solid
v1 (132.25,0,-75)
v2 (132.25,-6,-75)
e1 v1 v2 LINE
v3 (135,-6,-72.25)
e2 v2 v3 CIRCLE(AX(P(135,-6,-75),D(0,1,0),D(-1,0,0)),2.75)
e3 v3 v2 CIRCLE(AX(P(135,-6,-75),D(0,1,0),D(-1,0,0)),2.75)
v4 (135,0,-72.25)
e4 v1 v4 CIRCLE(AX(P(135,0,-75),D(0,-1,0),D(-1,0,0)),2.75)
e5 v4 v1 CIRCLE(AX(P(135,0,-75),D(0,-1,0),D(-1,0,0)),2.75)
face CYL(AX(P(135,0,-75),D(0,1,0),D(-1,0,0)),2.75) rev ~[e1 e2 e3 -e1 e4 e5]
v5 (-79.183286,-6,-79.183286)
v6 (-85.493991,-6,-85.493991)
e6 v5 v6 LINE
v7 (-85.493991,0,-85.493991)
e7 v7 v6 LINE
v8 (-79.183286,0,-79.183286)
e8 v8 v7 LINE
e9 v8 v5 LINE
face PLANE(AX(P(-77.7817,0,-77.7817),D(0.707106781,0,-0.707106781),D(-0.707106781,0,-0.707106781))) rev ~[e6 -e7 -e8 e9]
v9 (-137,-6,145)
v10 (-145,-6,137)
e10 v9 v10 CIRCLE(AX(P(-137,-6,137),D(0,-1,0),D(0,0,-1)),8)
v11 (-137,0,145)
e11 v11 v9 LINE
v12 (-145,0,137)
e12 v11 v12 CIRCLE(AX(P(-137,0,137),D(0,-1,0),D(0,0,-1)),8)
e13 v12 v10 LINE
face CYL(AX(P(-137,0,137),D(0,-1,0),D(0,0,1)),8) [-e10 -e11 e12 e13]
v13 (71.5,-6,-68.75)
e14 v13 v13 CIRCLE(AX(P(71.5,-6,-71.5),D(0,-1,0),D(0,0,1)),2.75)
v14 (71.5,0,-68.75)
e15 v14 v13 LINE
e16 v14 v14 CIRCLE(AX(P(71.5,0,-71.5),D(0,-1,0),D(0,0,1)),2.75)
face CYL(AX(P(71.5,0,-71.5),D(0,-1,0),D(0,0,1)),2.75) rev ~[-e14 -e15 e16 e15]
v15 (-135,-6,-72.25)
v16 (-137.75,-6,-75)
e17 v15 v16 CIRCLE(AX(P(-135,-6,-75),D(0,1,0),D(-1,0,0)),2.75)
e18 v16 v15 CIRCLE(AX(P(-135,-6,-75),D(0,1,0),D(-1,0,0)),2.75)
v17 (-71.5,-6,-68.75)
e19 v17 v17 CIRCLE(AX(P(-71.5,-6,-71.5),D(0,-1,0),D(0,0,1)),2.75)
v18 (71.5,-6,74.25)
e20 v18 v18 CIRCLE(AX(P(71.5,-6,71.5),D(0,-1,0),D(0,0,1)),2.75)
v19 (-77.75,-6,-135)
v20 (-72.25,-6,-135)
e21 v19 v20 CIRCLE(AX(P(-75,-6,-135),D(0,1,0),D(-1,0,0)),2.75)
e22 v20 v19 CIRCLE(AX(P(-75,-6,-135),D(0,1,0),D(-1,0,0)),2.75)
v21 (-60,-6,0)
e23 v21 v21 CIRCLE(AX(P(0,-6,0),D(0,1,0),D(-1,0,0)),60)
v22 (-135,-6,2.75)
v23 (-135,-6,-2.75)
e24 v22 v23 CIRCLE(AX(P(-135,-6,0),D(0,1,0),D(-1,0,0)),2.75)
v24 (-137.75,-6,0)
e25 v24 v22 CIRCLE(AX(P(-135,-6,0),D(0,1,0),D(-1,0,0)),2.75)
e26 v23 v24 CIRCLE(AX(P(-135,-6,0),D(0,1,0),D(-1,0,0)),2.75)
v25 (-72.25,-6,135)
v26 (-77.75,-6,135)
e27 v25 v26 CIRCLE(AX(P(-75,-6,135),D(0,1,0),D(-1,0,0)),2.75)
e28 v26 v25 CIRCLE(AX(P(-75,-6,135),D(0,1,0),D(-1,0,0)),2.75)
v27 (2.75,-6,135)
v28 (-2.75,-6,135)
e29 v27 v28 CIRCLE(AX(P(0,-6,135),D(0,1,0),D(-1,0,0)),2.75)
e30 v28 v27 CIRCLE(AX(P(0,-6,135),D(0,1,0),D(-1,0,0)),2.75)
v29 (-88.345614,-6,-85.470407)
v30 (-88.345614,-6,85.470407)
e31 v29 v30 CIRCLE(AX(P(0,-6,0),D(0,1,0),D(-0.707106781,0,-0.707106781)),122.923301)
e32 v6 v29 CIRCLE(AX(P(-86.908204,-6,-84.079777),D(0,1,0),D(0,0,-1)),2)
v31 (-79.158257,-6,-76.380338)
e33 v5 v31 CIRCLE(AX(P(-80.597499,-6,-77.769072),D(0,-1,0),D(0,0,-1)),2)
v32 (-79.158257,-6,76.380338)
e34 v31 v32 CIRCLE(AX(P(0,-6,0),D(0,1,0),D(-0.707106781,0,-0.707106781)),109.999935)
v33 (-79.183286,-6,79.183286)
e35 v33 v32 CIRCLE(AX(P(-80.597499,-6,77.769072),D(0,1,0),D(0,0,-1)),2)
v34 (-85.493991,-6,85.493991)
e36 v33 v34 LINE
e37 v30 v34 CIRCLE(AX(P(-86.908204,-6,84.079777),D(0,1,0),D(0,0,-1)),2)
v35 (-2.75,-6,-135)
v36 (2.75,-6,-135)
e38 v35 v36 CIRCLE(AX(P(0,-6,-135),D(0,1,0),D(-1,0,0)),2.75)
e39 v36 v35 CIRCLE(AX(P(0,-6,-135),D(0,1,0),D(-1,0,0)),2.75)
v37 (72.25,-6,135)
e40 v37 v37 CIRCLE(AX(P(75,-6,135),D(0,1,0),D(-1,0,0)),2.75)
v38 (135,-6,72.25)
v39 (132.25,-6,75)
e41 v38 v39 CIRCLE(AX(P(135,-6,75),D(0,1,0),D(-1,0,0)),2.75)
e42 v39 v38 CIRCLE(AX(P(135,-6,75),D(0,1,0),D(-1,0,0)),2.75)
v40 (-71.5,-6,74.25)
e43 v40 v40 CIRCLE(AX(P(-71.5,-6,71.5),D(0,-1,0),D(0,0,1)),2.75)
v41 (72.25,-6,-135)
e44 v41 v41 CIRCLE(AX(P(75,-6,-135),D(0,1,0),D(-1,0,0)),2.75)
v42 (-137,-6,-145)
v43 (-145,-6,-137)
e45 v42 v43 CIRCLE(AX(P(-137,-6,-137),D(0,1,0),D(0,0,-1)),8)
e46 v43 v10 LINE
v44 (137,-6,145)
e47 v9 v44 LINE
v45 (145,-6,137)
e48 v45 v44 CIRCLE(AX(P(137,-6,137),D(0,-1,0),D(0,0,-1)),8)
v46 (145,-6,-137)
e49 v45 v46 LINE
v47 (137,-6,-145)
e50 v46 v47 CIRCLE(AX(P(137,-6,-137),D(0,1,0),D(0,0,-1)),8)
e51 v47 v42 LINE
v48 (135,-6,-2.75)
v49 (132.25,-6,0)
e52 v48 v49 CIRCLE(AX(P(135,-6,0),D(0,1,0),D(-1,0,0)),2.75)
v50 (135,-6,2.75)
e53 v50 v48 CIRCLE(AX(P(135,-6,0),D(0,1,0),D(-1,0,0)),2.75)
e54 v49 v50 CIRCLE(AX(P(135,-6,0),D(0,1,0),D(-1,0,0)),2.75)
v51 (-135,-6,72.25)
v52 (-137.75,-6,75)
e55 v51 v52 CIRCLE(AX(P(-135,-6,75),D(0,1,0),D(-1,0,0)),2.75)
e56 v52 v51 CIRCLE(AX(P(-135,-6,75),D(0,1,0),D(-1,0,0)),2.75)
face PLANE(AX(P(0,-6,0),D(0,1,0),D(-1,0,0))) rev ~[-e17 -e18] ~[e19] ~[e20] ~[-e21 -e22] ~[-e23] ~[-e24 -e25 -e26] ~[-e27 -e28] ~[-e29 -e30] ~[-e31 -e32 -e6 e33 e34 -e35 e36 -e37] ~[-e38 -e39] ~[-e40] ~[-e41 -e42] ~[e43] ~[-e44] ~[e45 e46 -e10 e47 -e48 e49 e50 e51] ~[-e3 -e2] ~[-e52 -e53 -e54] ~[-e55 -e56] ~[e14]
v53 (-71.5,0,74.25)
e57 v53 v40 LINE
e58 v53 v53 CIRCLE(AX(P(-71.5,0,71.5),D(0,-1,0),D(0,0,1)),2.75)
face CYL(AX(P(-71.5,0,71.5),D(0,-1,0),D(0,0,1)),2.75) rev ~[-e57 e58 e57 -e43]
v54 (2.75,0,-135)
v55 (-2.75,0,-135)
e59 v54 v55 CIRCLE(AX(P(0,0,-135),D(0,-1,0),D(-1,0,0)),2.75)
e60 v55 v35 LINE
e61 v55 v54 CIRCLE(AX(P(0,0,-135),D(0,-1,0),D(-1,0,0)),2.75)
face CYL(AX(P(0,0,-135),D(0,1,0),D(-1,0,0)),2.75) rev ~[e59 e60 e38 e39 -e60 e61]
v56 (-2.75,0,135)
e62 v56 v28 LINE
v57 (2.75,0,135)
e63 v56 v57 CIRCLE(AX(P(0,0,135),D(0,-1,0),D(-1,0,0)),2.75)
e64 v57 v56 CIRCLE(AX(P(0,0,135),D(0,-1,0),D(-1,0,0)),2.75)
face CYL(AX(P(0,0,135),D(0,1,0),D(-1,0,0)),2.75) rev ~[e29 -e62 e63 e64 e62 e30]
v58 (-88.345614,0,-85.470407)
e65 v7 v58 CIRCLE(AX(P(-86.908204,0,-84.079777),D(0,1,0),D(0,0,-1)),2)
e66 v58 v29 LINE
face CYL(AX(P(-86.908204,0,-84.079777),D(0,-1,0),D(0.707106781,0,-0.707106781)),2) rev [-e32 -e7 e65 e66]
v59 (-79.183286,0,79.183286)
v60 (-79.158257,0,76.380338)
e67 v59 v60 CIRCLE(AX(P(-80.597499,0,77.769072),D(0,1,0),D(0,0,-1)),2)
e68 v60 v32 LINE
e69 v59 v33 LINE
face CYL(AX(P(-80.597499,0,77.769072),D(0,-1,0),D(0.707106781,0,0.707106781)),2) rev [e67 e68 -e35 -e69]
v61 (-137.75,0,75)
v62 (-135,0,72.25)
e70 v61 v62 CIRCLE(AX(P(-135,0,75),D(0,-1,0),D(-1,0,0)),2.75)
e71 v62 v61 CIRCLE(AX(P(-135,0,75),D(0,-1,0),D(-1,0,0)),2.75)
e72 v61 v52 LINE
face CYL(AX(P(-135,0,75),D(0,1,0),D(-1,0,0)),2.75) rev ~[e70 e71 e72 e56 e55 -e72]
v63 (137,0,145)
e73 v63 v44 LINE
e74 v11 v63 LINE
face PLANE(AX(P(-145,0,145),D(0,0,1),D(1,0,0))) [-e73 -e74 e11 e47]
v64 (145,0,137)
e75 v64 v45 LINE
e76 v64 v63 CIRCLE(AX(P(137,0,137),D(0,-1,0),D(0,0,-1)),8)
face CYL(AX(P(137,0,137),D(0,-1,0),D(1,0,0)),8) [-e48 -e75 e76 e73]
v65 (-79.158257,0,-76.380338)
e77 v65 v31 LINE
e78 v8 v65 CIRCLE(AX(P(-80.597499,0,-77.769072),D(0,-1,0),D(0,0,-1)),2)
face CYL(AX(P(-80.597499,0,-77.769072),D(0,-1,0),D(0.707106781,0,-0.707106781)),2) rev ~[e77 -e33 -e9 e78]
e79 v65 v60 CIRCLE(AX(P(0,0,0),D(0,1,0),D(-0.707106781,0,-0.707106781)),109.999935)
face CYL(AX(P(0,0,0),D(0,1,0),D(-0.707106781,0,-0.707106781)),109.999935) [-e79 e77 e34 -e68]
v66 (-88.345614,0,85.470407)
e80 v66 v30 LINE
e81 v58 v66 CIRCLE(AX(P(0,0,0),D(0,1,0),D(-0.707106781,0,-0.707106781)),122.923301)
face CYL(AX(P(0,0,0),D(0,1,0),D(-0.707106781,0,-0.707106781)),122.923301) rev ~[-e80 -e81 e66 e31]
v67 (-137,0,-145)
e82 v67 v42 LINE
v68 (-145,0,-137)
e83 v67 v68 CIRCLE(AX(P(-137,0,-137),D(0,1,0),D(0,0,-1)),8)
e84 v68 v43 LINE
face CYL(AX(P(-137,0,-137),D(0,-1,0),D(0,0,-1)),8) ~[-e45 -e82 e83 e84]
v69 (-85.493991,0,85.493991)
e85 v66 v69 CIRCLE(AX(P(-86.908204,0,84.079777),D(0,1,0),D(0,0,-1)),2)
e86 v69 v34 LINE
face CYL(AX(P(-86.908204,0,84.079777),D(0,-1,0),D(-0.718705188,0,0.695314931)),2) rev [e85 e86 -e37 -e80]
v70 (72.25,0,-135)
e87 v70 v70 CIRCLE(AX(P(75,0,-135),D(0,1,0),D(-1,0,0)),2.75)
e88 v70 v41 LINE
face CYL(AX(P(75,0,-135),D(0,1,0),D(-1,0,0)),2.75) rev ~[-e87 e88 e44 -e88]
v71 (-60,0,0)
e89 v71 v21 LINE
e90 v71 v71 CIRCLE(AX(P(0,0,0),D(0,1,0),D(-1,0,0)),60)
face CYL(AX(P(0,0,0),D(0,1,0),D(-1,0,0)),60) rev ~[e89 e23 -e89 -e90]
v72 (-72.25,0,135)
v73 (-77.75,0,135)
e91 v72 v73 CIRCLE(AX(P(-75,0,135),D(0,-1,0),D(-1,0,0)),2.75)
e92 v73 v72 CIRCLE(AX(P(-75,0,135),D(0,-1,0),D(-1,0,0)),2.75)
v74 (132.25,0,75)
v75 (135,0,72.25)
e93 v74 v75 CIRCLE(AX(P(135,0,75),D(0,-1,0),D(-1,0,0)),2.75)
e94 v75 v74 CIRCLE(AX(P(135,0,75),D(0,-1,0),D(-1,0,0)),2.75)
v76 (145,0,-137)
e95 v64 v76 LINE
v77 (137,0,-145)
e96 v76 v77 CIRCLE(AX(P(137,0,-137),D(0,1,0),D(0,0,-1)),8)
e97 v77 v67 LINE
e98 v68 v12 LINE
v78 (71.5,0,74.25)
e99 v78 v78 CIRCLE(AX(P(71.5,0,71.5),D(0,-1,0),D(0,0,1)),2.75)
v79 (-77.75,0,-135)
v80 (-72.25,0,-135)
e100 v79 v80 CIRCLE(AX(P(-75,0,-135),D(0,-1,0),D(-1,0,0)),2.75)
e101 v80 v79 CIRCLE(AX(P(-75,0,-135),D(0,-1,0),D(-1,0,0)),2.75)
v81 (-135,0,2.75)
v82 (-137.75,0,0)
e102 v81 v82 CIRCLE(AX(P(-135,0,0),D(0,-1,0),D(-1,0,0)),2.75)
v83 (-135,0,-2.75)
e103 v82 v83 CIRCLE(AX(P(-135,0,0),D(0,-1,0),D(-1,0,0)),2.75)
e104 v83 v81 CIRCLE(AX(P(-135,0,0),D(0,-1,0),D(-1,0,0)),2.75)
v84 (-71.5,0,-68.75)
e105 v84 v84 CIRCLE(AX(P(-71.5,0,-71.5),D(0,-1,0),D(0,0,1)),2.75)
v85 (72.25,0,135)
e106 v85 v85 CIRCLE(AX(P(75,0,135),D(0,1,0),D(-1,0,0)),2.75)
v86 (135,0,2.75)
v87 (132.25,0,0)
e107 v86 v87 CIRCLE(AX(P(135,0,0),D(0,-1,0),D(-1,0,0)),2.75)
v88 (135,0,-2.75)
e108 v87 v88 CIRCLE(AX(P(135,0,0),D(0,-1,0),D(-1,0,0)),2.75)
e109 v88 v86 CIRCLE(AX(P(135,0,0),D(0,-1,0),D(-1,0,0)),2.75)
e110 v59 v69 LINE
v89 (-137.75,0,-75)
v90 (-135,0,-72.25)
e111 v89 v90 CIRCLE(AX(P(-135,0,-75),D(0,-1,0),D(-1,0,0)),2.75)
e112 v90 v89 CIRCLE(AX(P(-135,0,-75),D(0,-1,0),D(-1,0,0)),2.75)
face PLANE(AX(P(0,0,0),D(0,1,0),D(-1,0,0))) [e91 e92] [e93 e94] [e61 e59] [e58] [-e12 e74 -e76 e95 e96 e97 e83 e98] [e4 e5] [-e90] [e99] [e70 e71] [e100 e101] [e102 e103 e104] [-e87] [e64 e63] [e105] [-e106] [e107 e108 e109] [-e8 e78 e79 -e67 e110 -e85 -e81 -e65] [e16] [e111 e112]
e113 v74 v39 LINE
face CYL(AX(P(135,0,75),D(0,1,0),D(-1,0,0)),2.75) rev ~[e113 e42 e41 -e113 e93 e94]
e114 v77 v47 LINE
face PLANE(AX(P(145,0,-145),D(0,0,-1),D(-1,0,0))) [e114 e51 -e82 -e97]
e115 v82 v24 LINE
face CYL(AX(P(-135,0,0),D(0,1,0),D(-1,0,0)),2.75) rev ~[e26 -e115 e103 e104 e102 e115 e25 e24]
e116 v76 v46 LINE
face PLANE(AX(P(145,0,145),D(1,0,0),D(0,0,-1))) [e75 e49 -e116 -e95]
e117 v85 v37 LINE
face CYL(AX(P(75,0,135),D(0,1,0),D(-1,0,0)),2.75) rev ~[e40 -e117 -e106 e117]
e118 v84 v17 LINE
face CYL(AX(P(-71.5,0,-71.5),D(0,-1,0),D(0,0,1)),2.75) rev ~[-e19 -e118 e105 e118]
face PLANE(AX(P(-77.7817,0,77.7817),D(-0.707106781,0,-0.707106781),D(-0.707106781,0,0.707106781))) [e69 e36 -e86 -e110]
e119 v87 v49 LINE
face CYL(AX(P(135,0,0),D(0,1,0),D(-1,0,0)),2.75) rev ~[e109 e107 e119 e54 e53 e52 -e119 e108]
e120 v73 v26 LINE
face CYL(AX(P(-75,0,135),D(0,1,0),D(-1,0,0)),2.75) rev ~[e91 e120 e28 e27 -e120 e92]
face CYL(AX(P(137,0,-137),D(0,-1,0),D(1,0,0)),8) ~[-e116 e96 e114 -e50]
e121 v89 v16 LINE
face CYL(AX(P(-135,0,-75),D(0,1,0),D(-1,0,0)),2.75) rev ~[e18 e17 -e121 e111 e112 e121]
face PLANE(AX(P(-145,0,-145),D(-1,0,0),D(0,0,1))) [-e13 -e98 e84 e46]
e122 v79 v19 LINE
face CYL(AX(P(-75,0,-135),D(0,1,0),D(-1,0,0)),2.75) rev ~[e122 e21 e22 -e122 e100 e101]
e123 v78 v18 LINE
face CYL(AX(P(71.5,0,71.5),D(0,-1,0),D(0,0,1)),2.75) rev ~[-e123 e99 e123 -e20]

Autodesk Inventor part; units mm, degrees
ref_plane "YZ Plane" through (0, 0, 0) normal (1, 0, 0) x (0, 1, 0)
ref_plane "XZ Plane" through (0, 0, 0) normal (0, 1, 0) x (-1, 0, 0)
ref_plane "XY Plane" through (0, 0, 0) normal (0, 0, 1) x (1, 0, 0)
sketch "Sketch1" plane through (0, 0, 0) normal (0, 1, 0) x (-1, 0, 0)
  line L0 (-145, -145) -> (145, -145)
  line L1 (145, -145) -> (145, 145)
  line L2 (145, 145) -> (-145, 145)
  line L3 (-145, 145) -> (-145, -145)
  line L4 (-145, -145) -> (145, 145) construction
  line L5 (145, -145) -> (-145, 145) construction
  circle A0 centre (0, 0) radius 60
  line L6 (135, 135) -> (135, -135) construction
  line L7 (135, -135) -> (-135, -135) construction
  line L8 (-135, -135) -> (-135, 135) construction
  line L9 (-135, 135) -> (135, 135) construction
  line L10 (145, 135) -> (125, 135) construction
  line L11 (125, 135) -> (125, -135) construction
  line L12 (-145, 135) -> (-125, 135) construction
  line L13 (-125, 135) -> (-125, -135) construction
  line L14 (-125, 135) -> (125, 135) construction
  line L15 (-125, -135) -> (125, -135) construction
  line L16 (135, 125) -> (135, -125) construction
  line L17 (-135, 125) -> (-135, -125) construction
  circle A1 centre (0, -135) radius 2.75
  line L18 (0, -135) -> (75, -135)
  line L19 (0, -135) -> (-75, -135)
  circle A2 centre (75, -135) radius 2.75
  circle A3 centre (-75, -135) radius 2.75
  line L20 (0, 135) -> (75, 135)
  line L21 (0, 135) -> (-75, 135)
  circle A4 centre (75, 135) radius 2.75
  circle A5 centre (0, 135) radius 2.75
  circle A6 centre (-75, 135) radius 2.75
  line L22 (135, 0) -> (135, -75)
  line L23 (135, 0) -> (135, 75)
  circle A7 centre (135, -75) radius 2.75
  circle A8 centre (135, 0) radius 2.75
  circle A9 centre (135, 75) radius 2.75
  line L24 (-135, 0) -> (-135, -75)
  line L25 (-135, 0) -> (-135, 75)
  circle A10 centre (-135, -75) radius 2.75
  circle A11 centre (-135, 0) radius 2.75
  circle A12 centre (-135, 75) radius 2.75
  dimension "d0" = 290
  dimension "d1" = 290
  dimension "d2" = 120
  dimension "d3" = 10
  dimension "d4" = 20
  dimension "d5" = 20
  dimension "d29" = 5.5
  dimension "d30" = 75
  dimension "d31" = 75
  dimension "d32" = 5.5
  dimension "d33" = 5.5
  dimension "d34" = 75
  dimension "d35" = 75
  dimension "d36" = 5.5
  dimension "d37" = 5.5
  dimension "d38" = 5.5
  dimension "d39" = 75
  dimension "d40" = 75
  dimension "d41" = 5.5
  dimension "d42" = 5.5
  dimension "d43" = 5.5
  dimension "d44" = 75
  dimension "d45" = 75
  dimension "d46" = 5.5
  dimension "d47" = 5.5
  dimension "d48" = 5.5
extrude "Extrusion1" add sketch "Sketch1" against normal blind 6 contours L3 L2 L1 L0 | L18 L19 A1 | A3 | A1 L19 L18 | A2 | L21 A5 L20 | L20 A5 L21 | A4 | A6 | L23 A8 L22 | L22 A8 L23 | A7 | A9 | L25 A11 L24 | L24 A11 L25 | A10 | A12
fillet "Fillet1" radius 8 4 edges at (-145, -3, -145) (-145, -3, 145) (145, -3, 145) (145, -3, -145)
extrude "Extrusion2" cut sketch "Sketch1" against normal through all contours L18 L19 A1 | A3 | A1 L19 L18 | A2 | L21 A5 L20 | L20 A5 L21 | A4 | A6 | L23 A8 L22 | L22 A8 L23 | A7 | A9 | L25 A11 L24 | L24 A11 L25 | A10 | A12
sketch "Sketch3" plane through (0, 0, 0) normal (0, 1, 0) x (1, 0, 0)
  line L0 (-71.5, 71.5) -> (71.5, 71.5)
  line L1 (71.5, 71.5) -> (71.5, -71.5)
  line L2 (71.5, -71.5) -> (-71.5, -71.5)
  line L3 (-71.5, -71.5) -> (-71.5, 71.5)
  line L4 (-71.5, 71.5) -> (71.5, -71.5) construction
  line L5 (71.5, 71.5) -> (-71.5, -71.5) construction
  point P0 (0, 0)
  dimension "d51" = 143
  dimension "d52" = 143
hole "Hole2" at (-71.5, 0, 71.5) at (-71.5, 0, -71.5) at (71.5, 0, -71.5) at (71.5, 0, 71.5) direction (0, -1, 0) diameter 5.5 end through all
sketch "Sketch4" plane through (0, 0, 0) normal (0, 1, 0) x (1, 0, 0)
  line L0 (0, 0) -> (-110, 0) construction
  line L1 (-145, 137) -> (-145, -137) projected
  arc A0 (-77.7817, 77.7817) -> (-77.7817, -77.7817) centre (0, 0) ccw
  arc A1 (-86.9199, 86.9199) -> (-86.9199, -86.9199) centre (0, 0) ccw
  line L2 (-77.7817, 77.7817) -> (-86.9199, 86.9199)
  line L3 (0, 0) -> (222.1817, 0) construction
  line L4 (-77.7817, -77.7817) -> (-86.9199, -86.9199)
  line L5 (0, 0) -> (151.3127, 0) construction
  dimension "d60" = 110
  dimension "d61" = 135
  dimension "d62" = 135
extrude "Extrusion3" cut sketch "Sketch4" against normal blind 10
fillet "Fillet2" radius 2 4 edges at (-77.7817, -3, -77.7817) (-86.9199, -3, -86.9199) (-86.9199, -3, 86.9199) (-77.7817, -3, 77.7817)
equation "\"d32\" = d29"
equation "\"d33\" = d29"
properties part number "BaseTopPlate" material "Aluminum"
